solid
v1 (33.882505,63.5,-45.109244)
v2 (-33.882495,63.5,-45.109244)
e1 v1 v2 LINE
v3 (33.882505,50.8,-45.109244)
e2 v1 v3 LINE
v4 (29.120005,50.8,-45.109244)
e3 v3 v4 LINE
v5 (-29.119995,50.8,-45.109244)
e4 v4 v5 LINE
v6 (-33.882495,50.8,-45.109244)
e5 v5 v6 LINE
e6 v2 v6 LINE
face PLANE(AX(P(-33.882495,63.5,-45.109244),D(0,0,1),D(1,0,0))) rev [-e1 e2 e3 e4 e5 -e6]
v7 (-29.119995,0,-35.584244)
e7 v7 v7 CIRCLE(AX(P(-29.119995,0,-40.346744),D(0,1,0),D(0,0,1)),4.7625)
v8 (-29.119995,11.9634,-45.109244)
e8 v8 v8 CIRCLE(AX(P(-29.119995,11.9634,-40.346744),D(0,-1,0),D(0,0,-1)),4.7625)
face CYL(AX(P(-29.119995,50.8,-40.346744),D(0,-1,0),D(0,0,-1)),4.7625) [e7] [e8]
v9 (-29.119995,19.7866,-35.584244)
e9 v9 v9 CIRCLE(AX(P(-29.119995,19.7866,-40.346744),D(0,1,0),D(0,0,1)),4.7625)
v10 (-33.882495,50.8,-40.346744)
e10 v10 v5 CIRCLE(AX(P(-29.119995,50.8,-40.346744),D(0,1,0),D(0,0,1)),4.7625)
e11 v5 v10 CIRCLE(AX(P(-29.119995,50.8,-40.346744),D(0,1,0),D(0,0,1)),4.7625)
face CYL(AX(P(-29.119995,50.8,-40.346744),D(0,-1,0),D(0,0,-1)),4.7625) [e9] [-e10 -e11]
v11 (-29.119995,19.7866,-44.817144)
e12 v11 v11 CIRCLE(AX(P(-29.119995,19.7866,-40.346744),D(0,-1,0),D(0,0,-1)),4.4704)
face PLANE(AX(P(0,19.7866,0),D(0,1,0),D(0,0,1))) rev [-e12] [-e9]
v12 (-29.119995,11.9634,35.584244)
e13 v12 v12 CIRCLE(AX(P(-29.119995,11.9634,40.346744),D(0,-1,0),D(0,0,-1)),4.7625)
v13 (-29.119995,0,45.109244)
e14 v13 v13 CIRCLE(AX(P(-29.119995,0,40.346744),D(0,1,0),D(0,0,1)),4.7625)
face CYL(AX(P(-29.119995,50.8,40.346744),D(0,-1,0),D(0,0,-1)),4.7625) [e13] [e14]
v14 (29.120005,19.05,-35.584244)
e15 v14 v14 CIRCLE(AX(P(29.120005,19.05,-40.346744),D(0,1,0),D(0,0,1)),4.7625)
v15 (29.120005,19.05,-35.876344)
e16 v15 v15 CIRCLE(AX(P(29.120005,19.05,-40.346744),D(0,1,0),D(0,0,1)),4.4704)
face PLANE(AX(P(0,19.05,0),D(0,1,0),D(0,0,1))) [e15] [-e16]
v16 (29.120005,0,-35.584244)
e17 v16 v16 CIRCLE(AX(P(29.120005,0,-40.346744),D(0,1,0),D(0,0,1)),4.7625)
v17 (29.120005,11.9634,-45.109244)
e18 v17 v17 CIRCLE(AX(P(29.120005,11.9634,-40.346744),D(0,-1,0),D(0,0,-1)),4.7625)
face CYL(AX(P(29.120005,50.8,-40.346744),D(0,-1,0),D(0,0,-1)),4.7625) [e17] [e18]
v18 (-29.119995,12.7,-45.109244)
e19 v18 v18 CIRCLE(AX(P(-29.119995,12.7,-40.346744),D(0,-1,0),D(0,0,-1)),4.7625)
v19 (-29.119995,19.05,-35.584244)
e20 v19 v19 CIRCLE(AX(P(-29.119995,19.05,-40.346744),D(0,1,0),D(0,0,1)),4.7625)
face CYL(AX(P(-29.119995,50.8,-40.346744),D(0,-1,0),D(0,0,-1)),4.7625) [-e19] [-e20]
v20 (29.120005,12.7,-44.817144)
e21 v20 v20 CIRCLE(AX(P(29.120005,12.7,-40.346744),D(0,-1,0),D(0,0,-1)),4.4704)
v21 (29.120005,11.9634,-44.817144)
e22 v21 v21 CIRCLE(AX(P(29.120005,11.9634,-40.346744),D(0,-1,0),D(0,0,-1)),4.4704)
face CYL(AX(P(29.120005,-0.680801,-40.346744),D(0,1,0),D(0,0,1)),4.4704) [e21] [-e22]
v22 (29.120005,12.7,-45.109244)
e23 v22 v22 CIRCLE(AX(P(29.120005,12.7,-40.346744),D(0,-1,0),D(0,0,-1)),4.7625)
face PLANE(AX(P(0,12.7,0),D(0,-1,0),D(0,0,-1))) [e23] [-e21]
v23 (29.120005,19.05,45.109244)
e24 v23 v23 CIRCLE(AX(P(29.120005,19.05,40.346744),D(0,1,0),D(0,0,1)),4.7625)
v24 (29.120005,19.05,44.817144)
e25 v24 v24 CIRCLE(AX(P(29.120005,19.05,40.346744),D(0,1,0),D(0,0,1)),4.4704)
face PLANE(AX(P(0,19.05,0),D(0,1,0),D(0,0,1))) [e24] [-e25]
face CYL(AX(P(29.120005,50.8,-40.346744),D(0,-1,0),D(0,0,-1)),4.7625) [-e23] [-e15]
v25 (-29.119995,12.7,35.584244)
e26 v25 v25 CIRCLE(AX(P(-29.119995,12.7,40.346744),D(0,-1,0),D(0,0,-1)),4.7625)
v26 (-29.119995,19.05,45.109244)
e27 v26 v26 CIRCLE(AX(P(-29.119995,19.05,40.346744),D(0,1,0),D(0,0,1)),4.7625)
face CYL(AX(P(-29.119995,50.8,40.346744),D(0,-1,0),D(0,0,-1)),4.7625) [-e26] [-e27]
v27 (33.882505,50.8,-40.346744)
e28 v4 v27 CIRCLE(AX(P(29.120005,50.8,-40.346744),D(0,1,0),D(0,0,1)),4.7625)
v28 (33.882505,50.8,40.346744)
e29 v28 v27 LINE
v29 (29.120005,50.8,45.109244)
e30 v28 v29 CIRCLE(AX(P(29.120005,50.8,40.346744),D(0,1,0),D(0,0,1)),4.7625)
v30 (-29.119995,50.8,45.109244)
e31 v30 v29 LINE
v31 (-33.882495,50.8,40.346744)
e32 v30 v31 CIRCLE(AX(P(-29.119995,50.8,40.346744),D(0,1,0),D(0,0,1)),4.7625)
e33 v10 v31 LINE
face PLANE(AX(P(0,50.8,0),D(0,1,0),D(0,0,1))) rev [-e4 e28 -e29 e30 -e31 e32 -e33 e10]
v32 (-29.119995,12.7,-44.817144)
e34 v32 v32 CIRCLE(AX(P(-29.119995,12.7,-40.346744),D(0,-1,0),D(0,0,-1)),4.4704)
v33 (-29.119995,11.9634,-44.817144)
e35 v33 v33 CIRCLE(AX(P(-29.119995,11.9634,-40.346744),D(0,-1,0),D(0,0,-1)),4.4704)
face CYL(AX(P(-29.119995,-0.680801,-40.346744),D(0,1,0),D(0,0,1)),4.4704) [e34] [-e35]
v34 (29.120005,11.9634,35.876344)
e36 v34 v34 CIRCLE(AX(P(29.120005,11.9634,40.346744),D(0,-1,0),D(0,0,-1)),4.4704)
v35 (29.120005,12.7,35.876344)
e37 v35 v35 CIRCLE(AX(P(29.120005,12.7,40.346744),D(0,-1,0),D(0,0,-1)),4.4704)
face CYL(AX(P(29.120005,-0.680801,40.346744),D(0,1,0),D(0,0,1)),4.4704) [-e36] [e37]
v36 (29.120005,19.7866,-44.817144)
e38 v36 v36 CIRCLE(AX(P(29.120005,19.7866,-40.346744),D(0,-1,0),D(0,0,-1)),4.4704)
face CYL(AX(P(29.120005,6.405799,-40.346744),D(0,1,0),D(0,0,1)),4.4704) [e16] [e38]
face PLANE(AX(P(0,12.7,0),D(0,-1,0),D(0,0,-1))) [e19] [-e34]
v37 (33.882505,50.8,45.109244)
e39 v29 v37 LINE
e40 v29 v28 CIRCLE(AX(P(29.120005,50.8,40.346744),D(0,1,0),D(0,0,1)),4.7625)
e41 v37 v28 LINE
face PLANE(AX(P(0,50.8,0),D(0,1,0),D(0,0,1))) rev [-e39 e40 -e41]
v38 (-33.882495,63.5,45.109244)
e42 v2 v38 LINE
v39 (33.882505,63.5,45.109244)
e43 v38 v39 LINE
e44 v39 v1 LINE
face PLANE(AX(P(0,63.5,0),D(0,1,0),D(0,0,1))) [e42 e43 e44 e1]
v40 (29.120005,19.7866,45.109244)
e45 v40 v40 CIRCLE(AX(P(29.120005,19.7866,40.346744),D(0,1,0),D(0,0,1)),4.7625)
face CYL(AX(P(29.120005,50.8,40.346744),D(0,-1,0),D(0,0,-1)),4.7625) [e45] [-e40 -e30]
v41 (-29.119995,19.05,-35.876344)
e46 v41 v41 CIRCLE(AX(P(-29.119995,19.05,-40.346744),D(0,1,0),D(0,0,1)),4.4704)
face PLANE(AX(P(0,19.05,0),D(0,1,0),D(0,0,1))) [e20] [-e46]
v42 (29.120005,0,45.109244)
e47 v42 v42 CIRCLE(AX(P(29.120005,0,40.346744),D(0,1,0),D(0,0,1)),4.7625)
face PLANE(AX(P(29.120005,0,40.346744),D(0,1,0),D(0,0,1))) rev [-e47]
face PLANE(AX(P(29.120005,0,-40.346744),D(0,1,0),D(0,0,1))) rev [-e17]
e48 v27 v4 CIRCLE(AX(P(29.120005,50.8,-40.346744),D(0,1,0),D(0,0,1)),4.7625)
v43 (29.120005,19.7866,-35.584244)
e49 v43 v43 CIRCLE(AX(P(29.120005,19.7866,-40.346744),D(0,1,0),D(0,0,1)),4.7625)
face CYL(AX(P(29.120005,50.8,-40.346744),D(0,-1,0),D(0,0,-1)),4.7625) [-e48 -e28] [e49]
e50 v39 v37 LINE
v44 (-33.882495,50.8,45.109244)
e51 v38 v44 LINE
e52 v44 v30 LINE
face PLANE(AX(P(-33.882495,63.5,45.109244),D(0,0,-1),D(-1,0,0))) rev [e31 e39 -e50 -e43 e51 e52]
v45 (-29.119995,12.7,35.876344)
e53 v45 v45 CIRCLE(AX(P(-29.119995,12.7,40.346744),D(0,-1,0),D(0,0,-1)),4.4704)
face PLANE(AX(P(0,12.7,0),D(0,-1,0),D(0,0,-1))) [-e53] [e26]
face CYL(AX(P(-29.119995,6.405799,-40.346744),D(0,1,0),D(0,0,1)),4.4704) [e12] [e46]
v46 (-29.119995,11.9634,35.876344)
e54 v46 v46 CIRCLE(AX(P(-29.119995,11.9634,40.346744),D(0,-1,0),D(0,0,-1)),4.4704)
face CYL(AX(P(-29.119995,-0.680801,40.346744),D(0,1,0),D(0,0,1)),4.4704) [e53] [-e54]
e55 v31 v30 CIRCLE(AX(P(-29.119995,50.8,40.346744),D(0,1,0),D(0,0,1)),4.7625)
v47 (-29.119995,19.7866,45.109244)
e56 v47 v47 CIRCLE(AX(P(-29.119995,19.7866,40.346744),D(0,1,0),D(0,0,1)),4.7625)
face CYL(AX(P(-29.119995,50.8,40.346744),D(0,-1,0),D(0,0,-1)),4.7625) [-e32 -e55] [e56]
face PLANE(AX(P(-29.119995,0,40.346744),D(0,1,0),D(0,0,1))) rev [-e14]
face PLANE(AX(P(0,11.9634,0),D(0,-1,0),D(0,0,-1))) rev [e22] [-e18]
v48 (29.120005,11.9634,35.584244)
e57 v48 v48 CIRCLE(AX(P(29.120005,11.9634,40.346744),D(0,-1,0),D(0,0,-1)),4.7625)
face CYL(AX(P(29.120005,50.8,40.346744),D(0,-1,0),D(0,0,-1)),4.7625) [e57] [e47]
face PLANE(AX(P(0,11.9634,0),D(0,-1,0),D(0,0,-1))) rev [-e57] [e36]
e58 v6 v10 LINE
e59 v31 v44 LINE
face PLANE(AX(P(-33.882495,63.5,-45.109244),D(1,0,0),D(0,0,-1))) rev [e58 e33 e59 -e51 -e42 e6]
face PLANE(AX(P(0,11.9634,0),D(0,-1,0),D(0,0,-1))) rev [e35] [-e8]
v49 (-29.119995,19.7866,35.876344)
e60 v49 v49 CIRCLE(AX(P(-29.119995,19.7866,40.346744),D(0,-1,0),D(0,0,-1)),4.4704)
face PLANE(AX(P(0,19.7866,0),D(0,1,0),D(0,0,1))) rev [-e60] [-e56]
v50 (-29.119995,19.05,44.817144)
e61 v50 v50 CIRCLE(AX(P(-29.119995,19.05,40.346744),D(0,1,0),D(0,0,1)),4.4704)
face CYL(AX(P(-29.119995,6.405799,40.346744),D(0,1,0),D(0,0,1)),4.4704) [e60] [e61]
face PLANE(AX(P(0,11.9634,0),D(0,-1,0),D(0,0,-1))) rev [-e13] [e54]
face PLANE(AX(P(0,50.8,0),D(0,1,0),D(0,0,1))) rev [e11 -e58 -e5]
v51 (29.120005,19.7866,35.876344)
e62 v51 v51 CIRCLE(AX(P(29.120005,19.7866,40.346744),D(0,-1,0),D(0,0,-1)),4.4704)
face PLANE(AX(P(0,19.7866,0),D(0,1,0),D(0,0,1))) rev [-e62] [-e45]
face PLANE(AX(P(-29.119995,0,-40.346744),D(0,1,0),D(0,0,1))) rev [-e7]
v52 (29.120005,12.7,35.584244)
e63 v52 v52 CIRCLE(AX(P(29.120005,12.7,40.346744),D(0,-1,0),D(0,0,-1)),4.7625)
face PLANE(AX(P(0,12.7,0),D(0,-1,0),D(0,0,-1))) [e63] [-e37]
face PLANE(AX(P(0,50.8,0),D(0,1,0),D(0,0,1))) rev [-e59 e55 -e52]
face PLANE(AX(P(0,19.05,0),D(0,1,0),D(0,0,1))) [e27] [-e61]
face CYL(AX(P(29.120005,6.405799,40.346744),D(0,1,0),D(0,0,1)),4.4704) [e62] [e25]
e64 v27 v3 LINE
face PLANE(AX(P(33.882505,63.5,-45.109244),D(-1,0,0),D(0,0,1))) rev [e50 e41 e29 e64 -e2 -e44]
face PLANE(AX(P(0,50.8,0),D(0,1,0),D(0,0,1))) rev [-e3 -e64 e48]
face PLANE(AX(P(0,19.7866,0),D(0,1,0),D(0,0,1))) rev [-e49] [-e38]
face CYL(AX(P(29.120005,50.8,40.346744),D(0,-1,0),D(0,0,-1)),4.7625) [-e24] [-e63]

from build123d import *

# Parameters (mm, degrees)
SKETCH1_R             = 4.7625
BOSS_EXTRUDE1_DEPTH   = 50.8
BOSS_EXTRUDE1_2_DEPTH = 50.8
BOSS_EXTRUDE1_3_DEPTH = 50.8
BOSS_EXTRUDE1_4_DEPTH = 50.8
SKETCH2_W             = 67.765000106
SKETCH2_H             = 90.2184886
BOSS_EXTRUDE2_DEPTH   = 12.7
CUT_EXTRUDE1_START    = -0.7366
F_3DSKETCH1_R         = 4.7625
CUT_EXTRUDE1_DEPTH    = 0.7366
SKETCH3_R             = 4.4704
BOSS_EXTRUDE3_DEPTH   = 0.7366
F_3DSKETCH2_R         = 5.08
CUT_EXTRUDE2_DEPTH    = 0.7366
SKETCH4_R             = 4.4704
BOSS_EXTRUDE4_DEPTH   = 0.7366


with BuildPart() as part:
    # Sketch1 → Boss-Extrude1 (new body)
    with BuildSketch(Plane(origin=(0, 0, 0), x_dir=(1, 0, 0), z_dir=(0, 1, 0))):
        with Locations(Location((-29.1199951, 40.3467443, 0), (0, 0, 270))):
            Circle(SKETCH1_R)
    extrude(amount=BOSS_EXTRUDE1_DEPTH)



with BuildPart() as body_2:
    # Sketch1 → Boss-Extrude1 2 (new body)
    with BuildSketch(Plane(origin=(0, 0, 0), x_dir=(1, 0, 0), z_dir=(0, 1, 0))):
        with Locations(Location((-29.1199951, -40.3467443, 0), (0, 0, 270))):
            Circle(SKETCH1_R)
    extrude(amount=BOSS_EXTRUDE1_2_DEPTH)


with BuildPart() as body_3:
    # Sketch1 → Boss-Extrude1 3 (new body)
    with BuildSketch(Plane(origin=(0, 0, 0), x_dir=(1, 0, 0), z_dir=(0, 1, 0))):
        with Locations(Location((29.120005006, -40.3467443, 0), (0, 0, 270))):
            Circle(SKETCH1_R)
    extrude(amount=BOSS_EXTRUDE1_3_DEPTH)


with BuildPart() as body_4:
    # Sketch1 → Boss-Extrude1 4 (new body)
    with BuildSketch(Plane(origin=(0, 0, 0), x_dir=(1, 0, 0), z_dir=(0, 1, 0))):
        with Locations(Location((29.120005006, 40.3467443, 0), (0, 0, 270))):
            Circle(SKETCH1_R)
    extrude(amount=BOSS_EXTRUDE1_4_DEPTH)


with BuildPart() as part_1:
    add(part.part)

    add(body_2.part)  # Boss-Extrude2 merges body 2

    add(body_3.part)  # Boss-Extrude2 merges body 3

    add(body_4.part)  # Boss-Extrude2 merges body 4
    # Sketch2 → Boss-Extrude2 (add)
    with BuildSketch(Plane(origin=(0, 50.8, 0), x_dir=(1, 0, 0), z_dir=(0, 1, 0))):
        with Locations((4.953e-06, 0)):
            Rectangle(SKETCH2_W, SKETCH2_H)
    extrude(amount=BOSS_EXTRUDE2_DEPTH)

    # 3DSketch1 → Cut-Extrude1 (cut)
    with BuildSketch(Plane(origin=(-29.1199951, 12.7, 40.3467443), x_dir=(0.5852354085547554, 0, -0.8108634389178911), z_dir=(0, 1, 0)).offset(CUT_EXTRUDE1_START)):
        with Locations(Location((0, 0, 0), (0, 0, 35.819622287))):
            Circle(F_3DSKETCH1_R)
        with Locations(Location((34.084110256, -47.224686769, 0), (0, 0, 35.819622287))):
            Circle(F_3DSKETCH1_R)
        with Locations(Location((99.515509921, 0, 0), (0, 0, 35.819622287))):
            Circle(F_3DSKETCH1_R)
        with Locations(Location((65.431399664, 47.224686769, 0), (0, 0, 35.819622287))):
            Circle(F_3DSKETCH1_R)
    extrude(amount=CUT_EXTRUDE1_DEPTH, mode=Mode.SUBTRACT)


with BuildPart() as cut_extrude1_piece_1:
    # of the separate pieces the step leaves, piece 1, a body of its own (cut_extrude1_pieces)
    add(part_1.part.solids().sort_by_distance((-29.1199951, 12.7, -35.5842443))[0])



with BuildPart() as cut_extrude1_piece_2:
    # of the separate pieces the step leaves, piece 2, a body of its own (cut_extrude1_pieces)
    add(part_1.part.solids().sort_by_distance((-29.1199951, 0, 45.1092443))[0])


with BuildPart() as cut_extrude1_piece_3:
    # of the separate pieces the step leaves, piece 3, a body of its own (cut_extrude1_pieces)
    add(part_1.part.solids().sort_by_distance((-29.1199951, 0, -35.5842443))[0])


with BuildPart() as cut_extrude1_piece_4:
    # of the separate pieces the step leaves, piece 4, a body of its own (cut_extrude1_pieces)
    add(part_1.part.solids().sort_by_distance((29.120005006, 0, -35.5842443))[0])


with BuildPart() as cut_extrude1_piece_5:
    # of the separate pieces the step leaves, piece 5, a body of its own (cut_extrude1_pieces)
    add(part_1.part.solids().sort_by_distance((29.120005006, 0, 45.1092443))[0])


with BuildPart() as cut_extrude1_piece_1_1:
    add(cut_extrude1_piece_1.part)

    add(cut_extrude1_piece_2.part)  # Boss-Extrude3 merges Cut-Extrude1 piece 2

    add(cut_extrude1_piece_3.part)  # Boss-Extrude3 merges Cut-Extrude1 piece 3

    add(cut_extrude1_piece_4.part)  # Boss-Extrude3 merges Cut-Extrude1 piece 4

    add(cut_extrude1_piece_5.part)  # Boss-Extrude3 merges Cut-Extrude1 piece 5
    # Sketch3 → Boss-Extrude3 (add)
    with BuildSketch(Plane(origin=(0, 12.7, 0), x_dir=(-1, 0, 0), z_dir=(0, -1, 0))):
        with Locations(Location((29.1199951, 40.3467443, 0), (0, 0, 90))):
            Circle(SKETCH3_R)
        with Locations(Location((-29.120005006, 40.3467443, 0), (0, 0, 90))):
            Circle(SKETCH3_R)
        with Locations(Location((-29.120005006, -40.3467443, 0), (0, 0, 90))):
            Circle(SKETCH3_R)
        with Locations(Location((29.1199951, -40.3467443, 0), (0, 0, 90))):
            Circle(SKETCH3_R)
    extrude(amount=BOSS_EXTRUDE3_DEPTH)

    # 3DSketch2 → Cut-Extrude2 (cut)
    with BuildSketch(Plane(origin=(-29.1199951, 19.05, 40.3467443), x_dir=(0.5852354085547554, 0, -0.8108634389178911), z_dir=(0, 1, 0))):
        Circle(F_3DSKETCH2_R)
        with Locations((34.084110256, -47.224686769)):
            Circle(F_3DSKETCH2_R)
        with Locations((99.515509921, 0)):
            Circle(F_3DSKETCH2_R)
        with Locations((65.431399664, 47.224686769)):
            Circle(F_3DSKETCH2_R)
    extrude(amount=CUT_EXTRUDE2_DEPTH, mode=Mode.SUBTRACT)


with BuildPart() as cut_extrude2_piece_1:
    # of the separate pieces the step leaves, piece 1, a body of its own (cut_extrude2_pieces)
    add(cut_extrude1_piece_1_1.part.solids().sort_by_distance((29.120005006, 19.7866, 45.1092443))[0])



with BuildPart() as cut_extrude2_piece_2:
    # of the separate pieces the step leaves, piece 2, a body of its own (cut_extrude2_pieces)
    add(cut_extrude1_piece_1_1.part.solids().sort_by_distance((-29.1199951, 12.7, 45.1092443))[0])


with BuildPart() as cut_extrude2_piece_3:
    # of the separate pieces the step leaves, piece 3, a body of its own (cut_extrude2_pieces)
    add(cut_extrude1_piece_1_1.part.solids().sort_by_distance((-29.1199951, 12.7, -35.5842443))[0])


with BuildPart() as cut_extrude2_piece_4:
    # of the separate pieces the step leaves, piece 4, a body of its own (cut_extrude2_pieces)
    add(cut_extrude1_piece_1_1.part.solids().sort_by_distance((29.120005006, 12.7, -35.5842443))[0])


with BuildPart() as cut_extrude2_piece_5:
    # of the separate pieces the step leaves, piece 5, a body of its own (cut_extrude2_pieces)
    add(cut_extrude1_piece_1_1.part.solids().sort_by_distance((29.120005006, 0, 45.1092443))[0])


with BuildPart() as cut_extrude2_piece_1_1:
    add(cut_extrude2_piece_1.part)

    add(cut_extrude2_piece_2.part)  # Boss-Extrude4 merges Cut-Extrude2 piece 2

    add(cut_extrude2_piece_3.part)  # Boss-Extrude4 merges Cut-Extrude2 piece 3

    add(cut_extrude2_piece_4.part)  # Boss-Extrude4 merges Cut-Extrude2 piece 4

    add(cut_extrude2_piece_5.part)  # Boss-Extrude4 merges Cut-Extrude2 piece 5
    # Sketch4 → Boss-Extrude4 (add)
    with BuildSketch(Plane(origin=(0, 19.7866, 0), x_dir=(-1, 0, 0), z_dir=(0, -1, 0))):
        with Locations(Location((29.1199951, -40.3467443, 0), (0, 0, 270))):
            Circle(SKETCH4_R)
        with Locations(Location((-29.120005006, -40.3467443, 0), (0, 0, 270))):
            Circle(SKETCH4_R)
        with Locations(Location((-29.120005006, 40.3467443, 0), (0, 0, 270))):
            Circle(SKETCH4_R)
        with Locations(Location((29.1199951, 40.3467443, 0), (0, 0, 270))):
            Circle(SKETCH4_R)
    extrude(amount=BOSS_EXTRUDE4_DEPTH)


solid = cut_extrude2_piece_1_1.part
